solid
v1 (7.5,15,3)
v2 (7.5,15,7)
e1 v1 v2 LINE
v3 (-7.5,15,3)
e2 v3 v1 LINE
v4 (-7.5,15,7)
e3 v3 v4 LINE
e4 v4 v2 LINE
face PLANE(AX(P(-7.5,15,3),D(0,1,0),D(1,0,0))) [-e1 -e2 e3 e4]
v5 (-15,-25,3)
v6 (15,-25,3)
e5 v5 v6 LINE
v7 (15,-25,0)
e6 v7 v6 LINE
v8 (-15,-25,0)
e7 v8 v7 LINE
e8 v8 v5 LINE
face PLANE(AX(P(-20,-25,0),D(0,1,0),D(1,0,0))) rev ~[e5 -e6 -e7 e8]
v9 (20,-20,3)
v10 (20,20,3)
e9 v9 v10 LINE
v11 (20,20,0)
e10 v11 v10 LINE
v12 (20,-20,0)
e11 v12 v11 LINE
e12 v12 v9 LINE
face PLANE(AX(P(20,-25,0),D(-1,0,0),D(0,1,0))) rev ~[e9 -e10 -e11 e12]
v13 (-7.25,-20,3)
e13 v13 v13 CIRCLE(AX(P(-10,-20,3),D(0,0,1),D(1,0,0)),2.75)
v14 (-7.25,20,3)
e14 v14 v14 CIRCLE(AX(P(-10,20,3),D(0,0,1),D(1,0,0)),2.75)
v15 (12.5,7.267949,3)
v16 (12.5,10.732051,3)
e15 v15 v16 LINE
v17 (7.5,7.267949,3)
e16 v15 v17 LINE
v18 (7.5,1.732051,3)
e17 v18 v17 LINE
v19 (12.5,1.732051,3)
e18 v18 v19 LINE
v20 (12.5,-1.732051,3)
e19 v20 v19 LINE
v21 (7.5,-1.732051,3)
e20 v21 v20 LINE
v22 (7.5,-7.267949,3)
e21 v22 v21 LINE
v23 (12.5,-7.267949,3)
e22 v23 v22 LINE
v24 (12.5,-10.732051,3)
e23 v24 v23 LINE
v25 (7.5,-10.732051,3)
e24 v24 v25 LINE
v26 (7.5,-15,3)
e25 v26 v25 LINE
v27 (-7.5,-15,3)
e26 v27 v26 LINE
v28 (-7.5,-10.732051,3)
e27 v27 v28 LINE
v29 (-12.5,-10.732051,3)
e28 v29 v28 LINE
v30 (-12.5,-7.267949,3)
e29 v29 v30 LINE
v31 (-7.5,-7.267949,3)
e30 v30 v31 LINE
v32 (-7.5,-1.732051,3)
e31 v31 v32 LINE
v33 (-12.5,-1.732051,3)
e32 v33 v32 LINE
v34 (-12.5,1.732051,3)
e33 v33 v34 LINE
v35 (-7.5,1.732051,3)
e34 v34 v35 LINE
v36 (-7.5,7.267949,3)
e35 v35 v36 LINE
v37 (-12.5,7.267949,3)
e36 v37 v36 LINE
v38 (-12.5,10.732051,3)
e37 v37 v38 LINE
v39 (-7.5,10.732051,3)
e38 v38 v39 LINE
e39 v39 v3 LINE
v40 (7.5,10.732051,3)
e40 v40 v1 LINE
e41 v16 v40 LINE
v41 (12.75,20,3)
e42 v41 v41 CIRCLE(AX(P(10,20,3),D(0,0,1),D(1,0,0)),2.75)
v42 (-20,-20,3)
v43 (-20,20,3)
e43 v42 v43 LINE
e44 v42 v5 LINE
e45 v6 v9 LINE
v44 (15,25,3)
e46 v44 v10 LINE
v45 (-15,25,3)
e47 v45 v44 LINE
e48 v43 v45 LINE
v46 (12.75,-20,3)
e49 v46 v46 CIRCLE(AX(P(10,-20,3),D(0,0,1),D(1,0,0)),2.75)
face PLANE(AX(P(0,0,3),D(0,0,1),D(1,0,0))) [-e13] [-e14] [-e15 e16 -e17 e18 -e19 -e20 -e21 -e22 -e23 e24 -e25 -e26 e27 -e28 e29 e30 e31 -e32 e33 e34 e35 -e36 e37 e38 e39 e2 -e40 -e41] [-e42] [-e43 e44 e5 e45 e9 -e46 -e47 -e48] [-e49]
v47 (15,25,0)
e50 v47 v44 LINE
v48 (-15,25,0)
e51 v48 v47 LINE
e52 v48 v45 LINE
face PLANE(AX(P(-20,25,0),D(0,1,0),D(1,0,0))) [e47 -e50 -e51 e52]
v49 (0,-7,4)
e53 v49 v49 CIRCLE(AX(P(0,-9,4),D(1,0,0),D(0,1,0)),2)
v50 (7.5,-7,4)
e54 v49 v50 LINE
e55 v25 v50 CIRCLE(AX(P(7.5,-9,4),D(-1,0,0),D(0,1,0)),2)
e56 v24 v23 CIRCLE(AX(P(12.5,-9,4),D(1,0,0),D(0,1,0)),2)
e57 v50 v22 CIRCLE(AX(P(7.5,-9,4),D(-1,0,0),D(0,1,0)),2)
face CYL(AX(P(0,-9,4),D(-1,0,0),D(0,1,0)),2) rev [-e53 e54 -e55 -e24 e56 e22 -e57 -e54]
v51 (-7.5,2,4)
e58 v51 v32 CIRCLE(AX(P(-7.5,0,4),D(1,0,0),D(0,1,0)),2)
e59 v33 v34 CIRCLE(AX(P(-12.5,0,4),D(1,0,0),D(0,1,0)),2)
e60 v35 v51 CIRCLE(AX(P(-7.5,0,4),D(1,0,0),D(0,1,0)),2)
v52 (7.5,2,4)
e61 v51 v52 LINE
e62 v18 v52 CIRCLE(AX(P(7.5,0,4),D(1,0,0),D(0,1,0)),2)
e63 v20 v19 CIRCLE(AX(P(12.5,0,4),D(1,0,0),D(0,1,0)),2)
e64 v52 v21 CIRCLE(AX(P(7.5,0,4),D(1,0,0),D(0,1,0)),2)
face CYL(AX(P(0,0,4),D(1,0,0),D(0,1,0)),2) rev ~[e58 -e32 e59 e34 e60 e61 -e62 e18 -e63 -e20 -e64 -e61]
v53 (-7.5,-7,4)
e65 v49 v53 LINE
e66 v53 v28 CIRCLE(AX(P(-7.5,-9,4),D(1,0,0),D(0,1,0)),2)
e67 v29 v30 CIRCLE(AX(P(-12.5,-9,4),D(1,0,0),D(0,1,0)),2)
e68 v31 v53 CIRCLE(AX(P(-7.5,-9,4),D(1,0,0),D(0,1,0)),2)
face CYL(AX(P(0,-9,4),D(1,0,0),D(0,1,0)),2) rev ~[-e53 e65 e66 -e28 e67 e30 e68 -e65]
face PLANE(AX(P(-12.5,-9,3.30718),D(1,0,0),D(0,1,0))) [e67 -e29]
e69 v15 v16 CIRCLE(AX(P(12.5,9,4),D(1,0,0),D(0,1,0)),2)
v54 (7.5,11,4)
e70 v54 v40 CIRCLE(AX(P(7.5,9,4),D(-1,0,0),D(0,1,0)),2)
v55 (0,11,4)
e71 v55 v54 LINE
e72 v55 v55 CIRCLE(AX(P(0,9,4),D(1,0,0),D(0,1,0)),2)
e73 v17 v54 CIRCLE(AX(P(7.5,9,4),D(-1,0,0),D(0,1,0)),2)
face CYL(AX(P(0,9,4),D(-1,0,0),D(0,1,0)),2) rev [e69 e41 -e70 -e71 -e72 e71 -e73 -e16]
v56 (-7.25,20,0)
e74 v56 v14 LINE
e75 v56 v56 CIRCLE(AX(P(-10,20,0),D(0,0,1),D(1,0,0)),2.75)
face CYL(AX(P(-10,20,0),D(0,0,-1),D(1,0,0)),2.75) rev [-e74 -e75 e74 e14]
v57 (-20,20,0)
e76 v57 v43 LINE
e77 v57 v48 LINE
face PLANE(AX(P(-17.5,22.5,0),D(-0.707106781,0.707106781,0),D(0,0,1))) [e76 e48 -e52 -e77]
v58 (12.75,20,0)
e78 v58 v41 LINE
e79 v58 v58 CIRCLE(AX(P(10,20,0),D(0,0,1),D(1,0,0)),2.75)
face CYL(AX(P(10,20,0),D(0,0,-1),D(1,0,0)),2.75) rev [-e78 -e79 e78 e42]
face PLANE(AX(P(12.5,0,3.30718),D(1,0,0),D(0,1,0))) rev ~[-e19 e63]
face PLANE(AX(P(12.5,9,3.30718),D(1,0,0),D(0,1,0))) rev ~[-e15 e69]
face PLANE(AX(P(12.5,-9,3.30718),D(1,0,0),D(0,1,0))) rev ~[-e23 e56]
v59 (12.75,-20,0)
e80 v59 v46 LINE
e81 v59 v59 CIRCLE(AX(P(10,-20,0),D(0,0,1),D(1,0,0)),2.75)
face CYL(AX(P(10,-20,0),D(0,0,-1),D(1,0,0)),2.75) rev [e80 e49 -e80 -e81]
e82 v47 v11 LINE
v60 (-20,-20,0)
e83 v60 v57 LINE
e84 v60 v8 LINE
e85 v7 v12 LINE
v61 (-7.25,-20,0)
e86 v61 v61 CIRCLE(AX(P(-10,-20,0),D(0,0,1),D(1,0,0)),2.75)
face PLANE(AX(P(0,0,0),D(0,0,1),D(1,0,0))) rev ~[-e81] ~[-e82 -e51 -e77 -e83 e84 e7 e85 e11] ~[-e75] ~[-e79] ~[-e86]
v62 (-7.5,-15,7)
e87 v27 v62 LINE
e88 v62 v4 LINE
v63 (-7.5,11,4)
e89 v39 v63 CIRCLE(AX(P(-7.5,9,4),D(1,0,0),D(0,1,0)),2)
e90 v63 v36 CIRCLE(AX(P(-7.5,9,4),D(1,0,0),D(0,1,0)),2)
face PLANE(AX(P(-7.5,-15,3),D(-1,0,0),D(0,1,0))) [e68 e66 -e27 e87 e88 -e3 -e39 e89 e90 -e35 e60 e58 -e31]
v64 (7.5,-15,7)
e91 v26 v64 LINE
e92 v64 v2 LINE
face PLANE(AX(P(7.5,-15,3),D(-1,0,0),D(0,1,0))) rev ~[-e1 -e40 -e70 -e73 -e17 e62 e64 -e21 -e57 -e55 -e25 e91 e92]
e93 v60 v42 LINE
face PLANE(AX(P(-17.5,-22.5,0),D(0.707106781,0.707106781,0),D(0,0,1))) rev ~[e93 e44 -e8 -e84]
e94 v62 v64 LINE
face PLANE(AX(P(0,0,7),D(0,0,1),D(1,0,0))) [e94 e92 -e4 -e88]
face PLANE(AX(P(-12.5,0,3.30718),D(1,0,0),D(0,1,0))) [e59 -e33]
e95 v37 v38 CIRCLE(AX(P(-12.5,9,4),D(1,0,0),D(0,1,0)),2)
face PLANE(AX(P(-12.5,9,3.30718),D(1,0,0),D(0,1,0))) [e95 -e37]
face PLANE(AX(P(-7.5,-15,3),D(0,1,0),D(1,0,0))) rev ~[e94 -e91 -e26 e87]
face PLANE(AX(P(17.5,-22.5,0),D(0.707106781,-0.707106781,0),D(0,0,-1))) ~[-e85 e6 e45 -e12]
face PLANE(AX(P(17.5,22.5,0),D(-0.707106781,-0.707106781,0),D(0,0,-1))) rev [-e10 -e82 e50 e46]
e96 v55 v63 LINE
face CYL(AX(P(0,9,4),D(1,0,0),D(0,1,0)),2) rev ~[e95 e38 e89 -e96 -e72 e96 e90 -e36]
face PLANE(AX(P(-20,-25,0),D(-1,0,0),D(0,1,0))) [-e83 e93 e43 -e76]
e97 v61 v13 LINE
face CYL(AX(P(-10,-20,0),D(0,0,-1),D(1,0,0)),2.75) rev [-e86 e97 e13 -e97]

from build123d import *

# Parameters (mm, degrees)
F0_W     = 40
F0_H     = 50
F0_R     = 2.75
F1_DEPTH = 3
F2_SIZE  = 5
F3_W     = 15
F3_H     = 30
F4_DEPTH = 4
F6_DEPTH = 12.5


with BuildPart() as f1:
    # F0 (on Top) → F1 (new body)
    with BuildSketch(Plane.XY):
        Rectangle(F0_W, F0_H)
        with Locations((-10, -20)):
            Circle(F0_R, mode=Mode.SUBTRACT)
        with Locations((10, -20)):
            Circle(F0_R, mode=Mode.SUBTRACT)
        with Locations((-10, 20)):
            Circle(F0_R, mode=Mode.SUBTRACT)
        with Locations((10, 20)):
            Circle(F0_R, mode=Mode.SUBTRACT)
    extrude(amount=F1_DEPTH)

    # F2
    f2_edges = [f1.edges().sort_by_distance(p)[0] for p in [
        (-20, 25, 1.5),
        (20, 25, 1.5),
        (-20, -25, 1.5),
        (20, -25, 1.5),
    ]]
    chamfer(f2_edges, length=F2_SIZE)

    # F3 (on face) → F4 (join)
    with BuildSketch(Plane.XY.offset(3)):
        Rectangle(F3_W, F3_H)
    extrude(amount=F4_DEPTH)

    # F5 (on Right) → F6 (cut, symmetric)
    with BuildSketch(Plane.YZ):
        with BuildLine():
            ThreePointArc((7, 4), (9, 2), (11, 4))
            Line((11, 4), (7, 4))
        make_face()
        with BuildLine():
            Line((7, 4), (11, 4))
            ThreePointArc((11, 4), (9, 6), (7, 4))
        make_face()
        with BuildLine():
            ThreePointArc((-11, 4), (-9, 2), (-7, 4))
            Line((-7, 4), (-11, 4))
        make_face()
        with BuildLine():
            Line((-11, 4), (-7, 4))
            ThreePointArc((-7, 4), (-9, 6), (-11, 4))
        make_face()
        with BuildLine():
            ThreePointArc((-2, 4), (0, 2), (2, 4))
            Line((2, 4), (-2, 4))
        make_face()
        with BuildLine():
            Line((-2, 4), (2, 4))
            ThreePointArc((2, 4), (0, 6), (-2, 4))
        make_face()
    extrude(amount=F6_DEPTH, both=True, mode=Mode.SUBTRACT)


solid = f1.part
